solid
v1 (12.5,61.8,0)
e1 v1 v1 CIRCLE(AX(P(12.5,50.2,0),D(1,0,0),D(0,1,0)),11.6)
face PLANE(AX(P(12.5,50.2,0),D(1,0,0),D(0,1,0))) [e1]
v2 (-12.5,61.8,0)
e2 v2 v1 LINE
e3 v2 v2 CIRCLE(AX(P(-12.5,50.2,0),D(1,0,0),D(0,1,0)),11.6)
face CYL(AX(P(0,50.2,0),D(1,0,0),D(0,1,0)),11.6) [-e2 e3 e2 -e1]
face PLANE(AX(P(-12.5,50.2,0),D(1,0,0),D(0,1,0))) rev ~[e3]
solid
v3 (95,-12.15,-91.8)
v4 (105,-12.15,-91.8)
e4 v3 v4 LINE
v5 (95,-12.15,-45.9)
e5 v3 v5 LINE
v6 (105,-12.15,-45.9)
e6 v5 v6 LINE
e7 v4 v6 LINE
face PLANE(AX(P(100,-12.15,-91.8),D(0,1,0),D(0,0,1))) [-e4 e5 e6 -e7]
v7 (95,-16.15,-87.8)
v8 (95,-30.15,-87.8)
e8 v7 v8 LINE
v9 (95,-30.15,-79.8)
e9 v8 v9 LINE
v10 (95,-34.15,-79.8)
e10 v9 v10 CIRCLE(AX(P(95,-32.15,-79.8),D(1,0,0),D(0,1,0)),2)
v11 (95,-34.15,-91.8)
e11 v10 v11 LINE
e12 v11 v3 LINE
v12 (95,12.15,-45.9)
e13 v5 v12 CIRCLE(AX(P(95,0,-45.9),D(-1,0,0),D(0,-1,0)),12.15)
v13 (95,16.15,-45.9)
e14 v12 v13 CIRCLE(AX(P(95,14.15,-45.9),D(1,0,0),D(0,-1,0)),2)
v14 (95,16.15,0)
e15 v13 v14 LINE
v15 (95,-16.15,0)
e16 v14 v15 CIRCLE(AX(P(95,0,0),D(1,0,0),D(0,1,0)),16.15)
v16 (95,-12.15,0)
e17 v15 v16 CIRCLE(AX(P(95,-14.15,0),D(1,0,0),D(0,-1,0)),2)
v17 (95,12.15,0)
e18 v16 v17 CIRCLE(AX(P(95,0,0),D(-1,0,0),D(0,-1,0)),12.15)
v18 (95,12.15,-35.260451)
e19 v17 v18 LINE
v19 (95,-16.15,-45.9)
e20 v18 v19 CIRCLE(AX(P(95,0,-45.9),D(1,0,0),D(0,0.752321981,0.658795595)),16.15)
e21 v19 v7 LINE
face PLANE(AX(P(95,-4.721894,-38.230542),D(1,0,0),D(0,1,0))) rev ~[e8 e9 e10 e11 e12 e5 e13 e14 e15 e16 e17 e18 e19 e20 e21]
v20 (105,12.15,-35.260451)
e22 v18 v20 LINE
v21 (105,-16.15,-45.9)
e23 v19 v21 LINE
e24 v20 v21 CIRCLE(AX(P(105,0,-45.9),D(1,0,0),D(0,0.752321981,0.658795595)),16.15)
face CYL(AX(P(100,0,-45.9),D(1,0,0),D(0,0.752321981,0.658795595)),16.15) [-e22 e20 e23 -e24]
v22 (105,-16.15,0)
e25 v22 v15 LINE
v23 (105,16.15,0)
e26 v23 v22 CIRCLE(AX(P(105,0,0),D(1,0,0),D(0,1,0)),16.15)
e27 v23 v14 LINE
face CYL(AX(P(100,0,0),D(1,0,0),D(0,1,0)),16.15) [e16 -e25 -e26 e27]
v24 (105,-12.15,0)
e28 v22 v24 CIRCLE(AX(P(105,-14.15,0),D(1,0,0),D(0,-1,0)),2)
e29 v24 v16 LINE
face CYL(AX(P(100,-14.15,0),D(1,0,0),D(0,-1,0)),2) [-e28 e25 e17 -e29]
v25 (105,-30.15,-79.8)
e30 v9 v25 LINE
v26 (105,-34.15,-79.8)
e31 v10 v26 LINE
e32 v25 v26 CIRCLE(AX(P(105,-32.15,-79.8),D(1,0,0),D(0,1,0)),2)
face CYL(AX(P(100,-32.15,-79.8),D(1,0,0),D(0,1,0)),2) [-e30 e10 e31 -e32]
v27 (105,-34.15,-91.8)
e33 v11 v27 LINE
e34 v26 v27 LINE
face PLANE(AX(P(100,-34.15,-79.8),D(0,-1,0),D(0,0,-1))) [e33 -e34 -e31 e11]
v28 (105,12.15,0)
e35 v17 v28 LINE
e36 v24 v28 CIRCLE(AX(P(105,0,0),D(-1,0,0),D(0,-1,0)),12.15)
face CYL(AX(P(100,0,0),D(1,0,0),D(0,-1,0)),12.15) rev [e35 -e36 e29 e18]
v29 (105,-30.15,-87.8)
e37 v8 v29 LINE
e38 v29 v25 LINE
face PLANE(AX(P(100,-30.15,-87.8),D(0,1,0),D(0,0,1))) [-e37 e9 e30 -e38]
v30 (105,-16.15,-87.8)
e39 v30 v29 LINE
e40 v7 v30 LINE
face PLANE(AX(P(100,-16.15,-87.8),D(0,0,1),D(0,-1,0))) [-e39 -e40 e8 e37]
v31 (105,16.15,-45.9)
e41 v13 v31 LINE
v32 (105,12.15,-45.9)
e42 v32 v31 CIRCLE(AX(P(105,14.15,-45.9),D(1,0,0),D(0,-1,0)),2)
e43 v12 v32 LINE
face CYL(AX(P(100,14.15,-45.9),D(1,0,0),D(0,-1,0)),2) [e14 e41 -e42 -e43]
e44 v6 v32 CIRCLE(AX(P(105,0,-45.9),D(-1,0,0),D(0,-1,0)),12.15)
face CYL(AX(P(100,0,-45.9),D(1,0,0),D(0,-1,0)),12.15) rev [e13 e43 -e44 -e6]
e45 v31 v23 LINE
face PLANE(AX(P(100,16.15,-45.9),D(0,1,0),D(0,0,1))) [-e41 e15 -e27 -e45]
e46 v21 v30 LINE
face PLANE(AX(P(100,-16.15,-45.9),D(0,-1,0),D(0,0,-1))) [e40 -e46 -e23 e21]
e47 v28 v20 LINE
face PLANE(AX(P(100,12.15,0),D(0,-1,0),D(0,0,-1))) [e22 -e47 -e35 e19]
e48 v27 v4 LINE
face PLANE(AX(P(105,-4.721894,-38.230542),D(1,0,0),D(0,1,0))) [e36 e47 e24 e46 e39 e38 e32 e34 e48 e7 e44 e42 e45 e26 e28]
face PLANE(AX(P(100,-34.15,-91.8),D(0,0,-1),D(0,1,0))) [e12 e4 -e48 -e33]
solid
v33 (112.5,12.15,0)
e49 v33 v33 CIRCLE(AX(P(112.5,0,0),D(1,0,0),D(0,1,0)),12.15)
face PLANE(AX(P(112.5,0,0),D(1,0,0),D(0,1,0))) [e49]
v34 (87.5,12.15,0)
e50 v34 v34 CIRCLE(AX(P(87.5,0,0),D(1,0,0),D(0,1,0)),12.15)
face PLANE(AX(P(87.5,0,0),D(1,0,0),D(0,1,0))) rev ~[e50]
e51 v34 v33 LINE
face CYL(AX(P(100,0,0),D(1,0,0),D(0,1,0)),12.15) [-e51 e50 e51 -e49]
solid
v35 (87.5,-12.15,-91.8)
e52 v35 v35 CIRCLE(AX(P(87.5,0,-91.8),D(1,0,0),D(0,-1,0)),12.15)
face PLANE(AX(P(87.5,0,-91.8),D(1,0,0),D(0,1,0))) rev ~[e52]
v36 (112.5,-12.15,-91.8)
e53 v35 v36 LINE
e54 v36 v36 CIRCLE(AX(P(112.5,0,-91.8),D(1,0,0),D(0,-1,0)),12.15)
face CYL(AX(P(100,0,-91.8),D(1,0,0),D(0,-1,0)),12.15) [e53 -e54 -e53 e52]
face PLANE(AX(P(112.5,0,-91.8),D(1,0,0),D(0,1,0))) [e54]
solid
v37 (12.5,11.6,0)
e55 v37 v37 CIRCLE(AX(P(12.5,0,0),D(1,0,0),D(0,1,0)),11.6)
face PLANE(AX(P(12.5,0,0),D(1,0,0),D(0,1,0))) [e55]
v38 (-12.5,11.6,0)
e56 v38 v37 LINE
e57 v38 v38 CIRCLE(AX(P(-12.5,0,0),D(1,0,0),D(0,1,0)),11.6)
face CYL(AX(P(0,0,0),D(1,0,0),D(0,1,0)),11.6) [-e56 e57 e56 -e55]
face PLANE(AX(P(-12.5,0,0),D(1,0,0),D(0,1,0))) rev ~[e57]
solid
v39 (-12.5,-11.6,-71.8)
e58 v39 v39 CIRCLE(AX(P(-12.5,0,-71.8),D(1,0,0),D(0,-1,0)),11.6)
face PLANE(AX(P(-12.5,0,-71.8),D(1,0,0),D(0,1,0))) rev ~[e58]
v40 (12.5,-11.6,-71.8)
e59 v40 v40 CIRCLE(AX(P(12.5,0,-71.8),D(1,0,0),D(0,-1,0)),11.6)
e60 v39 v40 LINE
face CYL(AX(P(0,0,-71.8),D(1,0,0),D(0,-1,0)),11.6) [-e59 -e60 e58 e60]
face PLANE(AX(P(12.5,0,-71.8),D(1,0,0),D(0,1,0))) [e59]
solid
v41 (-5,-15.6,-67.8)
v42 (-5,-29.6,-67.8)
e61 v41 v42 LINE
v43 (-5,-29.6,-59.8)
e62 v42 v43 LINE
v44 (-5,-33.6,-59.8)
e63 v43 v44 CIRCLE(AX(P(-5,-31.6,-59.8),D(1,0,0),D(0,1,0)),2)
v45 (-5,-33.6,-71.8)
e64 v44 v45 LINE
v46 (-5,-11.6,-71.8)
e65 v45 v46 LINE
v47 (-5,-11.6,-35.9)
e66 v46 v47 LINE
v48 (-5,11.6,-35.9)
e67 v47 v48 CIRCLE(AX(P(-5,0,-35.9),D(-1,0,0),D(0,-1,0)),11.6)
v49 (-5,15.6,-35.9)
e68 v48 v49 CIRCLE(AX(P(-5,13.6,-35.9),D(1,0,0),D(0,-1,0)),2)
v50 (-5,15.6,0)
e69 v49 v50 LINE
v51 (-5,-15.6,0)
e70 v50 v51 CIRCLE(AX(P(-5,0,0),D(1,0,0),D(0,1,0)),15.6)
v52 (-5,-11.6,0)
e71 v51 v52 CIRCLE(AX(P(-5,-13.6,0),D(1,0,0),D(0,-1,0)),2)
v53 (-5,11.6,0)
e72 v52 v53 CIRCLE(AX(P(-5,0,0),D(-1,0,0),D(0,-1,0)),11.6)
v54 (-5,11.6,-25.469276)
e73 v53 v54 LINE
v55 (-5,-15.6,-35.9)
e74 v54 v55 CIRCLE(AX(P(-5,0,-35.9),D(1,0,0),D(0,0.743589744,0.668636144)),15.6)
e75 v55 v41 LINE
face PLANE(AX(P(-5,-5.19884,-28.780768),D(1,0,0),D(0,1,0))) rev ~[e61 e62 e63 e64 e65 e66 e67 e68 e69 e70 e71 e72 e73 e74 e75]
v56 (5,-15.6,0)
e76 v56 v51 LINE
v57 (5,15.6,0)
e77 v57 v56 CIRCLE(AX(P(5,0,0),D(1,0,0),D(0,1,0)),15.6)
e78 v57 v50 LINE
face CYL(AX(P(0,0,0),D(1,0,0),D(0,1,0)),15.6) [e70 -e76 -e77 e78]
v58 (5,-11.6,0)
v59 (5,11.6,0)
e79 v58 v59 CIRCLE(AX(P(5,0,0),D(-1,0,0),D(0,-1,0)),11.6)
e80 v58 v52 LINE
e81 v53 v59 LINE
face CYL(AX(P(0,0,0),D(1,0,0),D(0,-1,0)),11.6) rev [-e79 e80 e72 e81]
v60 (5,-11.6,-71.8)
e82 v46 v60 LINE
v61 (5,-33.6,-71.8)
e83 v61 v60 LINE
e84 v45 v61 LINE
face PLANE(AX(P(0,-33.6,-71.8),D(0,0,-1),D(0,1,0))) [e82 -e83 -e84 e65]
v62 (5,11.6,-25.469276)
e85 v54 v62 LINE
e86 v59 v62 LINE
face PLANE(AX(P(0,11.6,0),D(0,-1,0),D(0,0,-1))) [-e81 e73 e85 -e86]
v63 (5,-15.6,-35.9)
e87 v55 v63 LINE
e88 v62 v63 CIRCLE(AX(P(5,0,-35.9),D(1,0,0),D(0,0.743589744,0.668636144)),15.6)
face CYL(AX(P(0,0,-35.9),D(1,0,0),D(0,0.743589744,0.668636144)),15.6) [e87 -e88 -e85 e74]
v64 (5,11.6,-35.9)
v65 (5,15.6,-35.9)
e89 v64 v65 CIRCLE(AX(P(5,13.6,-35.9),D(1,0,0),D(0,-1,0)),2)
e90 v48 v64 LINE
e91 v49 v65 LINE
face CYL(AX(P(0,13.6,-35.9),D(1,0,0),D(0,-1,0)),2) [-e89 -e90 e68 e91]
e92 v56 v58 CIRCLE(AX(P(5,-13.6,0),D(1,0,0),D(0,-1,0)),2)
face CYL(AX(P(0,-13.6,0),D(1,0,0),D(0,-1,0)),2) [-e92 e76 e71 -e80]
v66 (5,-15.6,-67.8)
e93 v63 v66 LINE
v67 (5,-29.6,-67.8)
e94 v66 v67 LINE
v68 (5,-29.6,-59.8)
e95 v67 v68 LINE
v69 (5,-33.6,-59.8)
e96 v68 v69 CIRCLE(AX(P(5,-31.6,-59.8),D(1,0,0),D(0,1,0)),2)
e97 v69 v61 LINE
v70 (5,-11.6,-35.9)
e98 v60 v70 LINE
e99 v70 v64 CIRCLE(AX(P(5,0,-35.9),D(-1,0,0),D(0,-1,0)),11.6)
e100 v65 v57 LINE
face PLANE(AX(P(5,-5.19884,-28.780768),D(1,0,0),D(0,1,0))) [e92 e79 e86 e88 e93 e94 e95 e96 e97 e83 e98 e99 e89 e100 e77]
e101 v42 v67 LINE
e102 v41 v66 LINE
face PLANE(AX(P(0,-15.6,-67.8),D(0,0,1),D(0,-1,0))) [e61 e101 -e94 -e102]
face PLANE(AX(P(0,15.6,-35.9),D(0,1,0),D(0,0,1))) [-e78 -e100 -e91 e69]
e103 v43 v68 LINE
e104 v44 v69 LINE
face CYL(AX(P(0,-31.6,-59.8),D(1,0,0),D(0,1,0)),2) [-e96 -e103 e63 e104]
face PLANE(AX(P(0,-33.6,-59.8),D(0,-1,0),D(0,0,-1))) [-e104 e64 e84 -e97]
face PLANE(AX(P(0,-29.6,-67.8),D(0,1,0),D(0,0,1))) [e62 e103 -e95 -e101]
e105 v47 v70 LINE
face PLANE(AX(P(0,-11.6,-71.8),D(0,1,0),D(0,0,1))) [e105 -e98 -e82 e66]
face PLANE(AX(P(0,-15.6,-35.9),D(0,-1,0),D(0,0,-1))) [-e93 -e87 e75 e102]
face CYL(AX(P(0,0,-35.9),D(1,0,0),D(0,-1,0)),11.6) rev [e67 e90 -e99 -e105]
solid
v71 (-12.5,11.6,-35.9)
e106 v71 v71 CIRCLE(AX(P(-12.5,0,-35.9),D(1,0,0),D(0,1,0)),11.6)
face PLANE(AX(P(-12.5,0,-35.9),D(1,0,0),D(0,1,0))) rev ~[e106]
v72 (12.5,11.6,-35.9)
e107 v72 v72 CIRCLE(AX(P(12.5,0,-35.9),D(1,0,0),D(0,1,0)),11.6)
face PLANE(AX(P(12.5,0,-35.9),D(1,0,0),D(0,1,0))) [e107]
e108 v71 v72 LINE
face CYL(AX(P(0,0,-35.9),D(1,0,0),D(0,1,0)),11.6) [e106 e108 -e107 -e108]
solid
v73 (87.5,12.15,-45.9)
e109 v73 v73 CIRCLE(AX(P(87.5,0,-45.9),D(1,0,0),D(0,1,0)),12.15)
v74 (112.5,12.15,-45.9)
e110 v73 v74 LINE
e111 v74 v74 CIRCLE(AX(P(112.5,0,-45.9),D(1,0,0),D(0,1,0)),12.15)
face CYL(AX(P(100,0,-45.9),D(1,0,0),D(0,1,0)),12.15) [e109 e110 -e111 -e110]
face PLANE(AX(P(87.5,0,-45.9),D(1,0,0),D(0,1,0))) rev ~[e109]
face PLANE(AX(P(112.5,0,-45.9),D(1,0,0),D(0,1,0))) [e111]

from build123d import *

# Parameters (mm, degrees)
F0_R     = 11.6
F1_DEPTH = 12.5
F3_DEPTH = 5
F4_DEPTH = 12.5
F7_DEPTH = 12.5
F8_DEPTH = 5


with BuildPart() as f1:
    # F0 (on Right) → F1 (new body, symmetric)
    with BuildSketch(Plane.YZ):
        Circle(F0_R)
    extrude(amount=F1_DEPTH, both=True)


with BuildPart() as f1b:
    # F0 (on Right) → F1, piece 2 (new body, symmetric)
    with BuildSketch(Plane.YZ):
        with Locations((0, -35.9)):
            Circle(F0_R)
    extrude(amount=F1_DEPTH, both=True)


with BuildPart() as f1c:
    # F0 (on Right) → F1, piece 3 (new body, symmetric)
    with BuildSketch(Plane.YZ):
        with Locations((50.2, 0)):
            Circle(F0_R)
    extrude(amount=F1_DEPTH, both=True)


with BuildPart() as f3:
    # F2 (on Right) → F3 (new body, symmetric)
    with BuildSketch(Plane.YZ):
        with BuildLine():
            ThreePointArc((-11.6, 0), (0, 11.6), (11.6, 0))
            Line((11.6, 0), (11.6, -25.4692761517))
            ThreePointArc((11.6, -25.4692761517), (-5.5856960175, -21.3342868352), (-15.6, -35.9))
            Line((-15.6, -35.9), (-15.6, -67.8))
            Line((-15.6, -67.8), (-29.6, -67.8))
            Line((-29.6, -67.8), (-29.6, -59.8))
            ThreePointArc((-29.6, -59.8), (-31.6, -57.8), (-33.6, -59.8))
            Line((-33.6, -59.8), (-33.6, -71.8))
            Line((-33.6, -71.8), (-11.6, -71.8))
            Line((-11.6, -71.8), (-11.6, -35.9))
            ThreePointArc((-11.6, -35.9), (0, -24.3), (11.6, -35.9))
            ThreePointArc((11.6, -35.9), (13.6, -37.9), (15.6, -35.9))
            Line((15.6, -35.9), (15.6, 0))
            ThreePointArc((15.6, 0), (0, 15.6), (-15.6, 0))
            ThreePointArc((-15.6, 0), (-13.6, -2), (-11.6, 0))
        make_face()
    extrude(amount=F3_DEPTH, both=True)


with BuildPart() as f4:
    # F2 (on Right) → F4 (new body, symmetric)
    with BuildSketch(Plane.YZ):
        with BuildLine():
            ThreePointArc((11.6, -71.8), (0, -60.2), (-11.6, -71.8))
            ThreePointArc((-11.6, -71.8), (0, -83.4), (11.6, -71.8))
        make_face()
    extrude(amount=F4_DEPTH, both=True)


with BuildPart() as f7:
    # F6 (on offset) → F7 (new body, symmetric)
    with BuildSketch(Plane.YZ.offset(100)):
        with BuildLine():
            ThreePointArc((-12.15, 0), (0, -12.15), (12.15, 0))
            ThreePointArc((12.15, 0), (0, 12.15), (-12.15, 0))
        make_face()
    extrude(amount=F7_DEPTH, both=True)


with BuildPart() as f7b:
    # F6 (on offset) → F7, piece 2 (new body, symmetric)
    with BuildSketch(Plane.YZ.offset(100)):
        with BuildLine():
            ThreePointArc((-12.15, -45.9), (0, -58.05), (12.15, -45.9))
            ThreePointArc((12.15, -45.9), (0, -33.75), (-12.15, -45.9))
        make_face()
    extrude(amount=F7_DEPTH, both=True)


with BuildPart() as f7c:
    # F6 (on offset) → F7, piece 3 (new body, symmetric)
    with BuildSketch(Plane.YZ.offset(100)):
        with BuildLine():
            ThreePointArc((12.15, -91.8), (0, -79.65), (-12.15, -91.8))
            ThreePointArc((-12.15, -91.8), (0, -103.95), (12.15, -91.8))
        make_face()
    extrude(amount=F7_DEPTH, both=True)


with BuildPart() as f8:
    # F6 (on offset) → F8 (new body, symmetric)
    with BuildSketch(Plane.YZ.offset(100)):
        with BuildLine():
            ThreePointArc((-12.15, 0), (0, 12.15), (12.15, 0))
            Line((12.15, 0), (12.15, -35.2604511374))
            ThreePointArc((12.15, -35.2604511374), (-5.6833088954, -30.7830393266), (-16.15, -45.9))
            Line((-16.15, -45.9), (-16.15, -87.8))
            Line((-16.15, -87.8), (-30.15, -87.8))
            Line((-30.15, -87.8), (-30.15, -79.8))
            ThreePointArc((-30.15, -79.8), (-32.15, -77.8), (-34.15, -79.8))
            Line((-34.15, -79.8), (-34.15, -91.8))
            Line((-34.15, -91.8), (-12.15, -91.8))
            Line((-12.15, -91.8), (-12.15, -45.9))
            ThreePointArc((-12.15, -45.9), (0, -33.75), (12.15, -45.9))
            ThreePointArc((12.15, -45.9), (14.15, -47.9), (16.15, -45.9))
            Line((16.15, -45.9), (16.15, 0))
            ThreePointArc((16.15, 0), (0, 16.15), (-16.15, 0))
            ThreePointArc((-16.15, 0), (-14.15, -2), (-12.15, 0))
        make_face()
    extrude(amount=F8_DEPTH, both=True)


solid = Compound([f1.part, f1b.part, f1c.part, f3.part, f4.part, f7.part, f7b.part, f7c.part, f8.part])
